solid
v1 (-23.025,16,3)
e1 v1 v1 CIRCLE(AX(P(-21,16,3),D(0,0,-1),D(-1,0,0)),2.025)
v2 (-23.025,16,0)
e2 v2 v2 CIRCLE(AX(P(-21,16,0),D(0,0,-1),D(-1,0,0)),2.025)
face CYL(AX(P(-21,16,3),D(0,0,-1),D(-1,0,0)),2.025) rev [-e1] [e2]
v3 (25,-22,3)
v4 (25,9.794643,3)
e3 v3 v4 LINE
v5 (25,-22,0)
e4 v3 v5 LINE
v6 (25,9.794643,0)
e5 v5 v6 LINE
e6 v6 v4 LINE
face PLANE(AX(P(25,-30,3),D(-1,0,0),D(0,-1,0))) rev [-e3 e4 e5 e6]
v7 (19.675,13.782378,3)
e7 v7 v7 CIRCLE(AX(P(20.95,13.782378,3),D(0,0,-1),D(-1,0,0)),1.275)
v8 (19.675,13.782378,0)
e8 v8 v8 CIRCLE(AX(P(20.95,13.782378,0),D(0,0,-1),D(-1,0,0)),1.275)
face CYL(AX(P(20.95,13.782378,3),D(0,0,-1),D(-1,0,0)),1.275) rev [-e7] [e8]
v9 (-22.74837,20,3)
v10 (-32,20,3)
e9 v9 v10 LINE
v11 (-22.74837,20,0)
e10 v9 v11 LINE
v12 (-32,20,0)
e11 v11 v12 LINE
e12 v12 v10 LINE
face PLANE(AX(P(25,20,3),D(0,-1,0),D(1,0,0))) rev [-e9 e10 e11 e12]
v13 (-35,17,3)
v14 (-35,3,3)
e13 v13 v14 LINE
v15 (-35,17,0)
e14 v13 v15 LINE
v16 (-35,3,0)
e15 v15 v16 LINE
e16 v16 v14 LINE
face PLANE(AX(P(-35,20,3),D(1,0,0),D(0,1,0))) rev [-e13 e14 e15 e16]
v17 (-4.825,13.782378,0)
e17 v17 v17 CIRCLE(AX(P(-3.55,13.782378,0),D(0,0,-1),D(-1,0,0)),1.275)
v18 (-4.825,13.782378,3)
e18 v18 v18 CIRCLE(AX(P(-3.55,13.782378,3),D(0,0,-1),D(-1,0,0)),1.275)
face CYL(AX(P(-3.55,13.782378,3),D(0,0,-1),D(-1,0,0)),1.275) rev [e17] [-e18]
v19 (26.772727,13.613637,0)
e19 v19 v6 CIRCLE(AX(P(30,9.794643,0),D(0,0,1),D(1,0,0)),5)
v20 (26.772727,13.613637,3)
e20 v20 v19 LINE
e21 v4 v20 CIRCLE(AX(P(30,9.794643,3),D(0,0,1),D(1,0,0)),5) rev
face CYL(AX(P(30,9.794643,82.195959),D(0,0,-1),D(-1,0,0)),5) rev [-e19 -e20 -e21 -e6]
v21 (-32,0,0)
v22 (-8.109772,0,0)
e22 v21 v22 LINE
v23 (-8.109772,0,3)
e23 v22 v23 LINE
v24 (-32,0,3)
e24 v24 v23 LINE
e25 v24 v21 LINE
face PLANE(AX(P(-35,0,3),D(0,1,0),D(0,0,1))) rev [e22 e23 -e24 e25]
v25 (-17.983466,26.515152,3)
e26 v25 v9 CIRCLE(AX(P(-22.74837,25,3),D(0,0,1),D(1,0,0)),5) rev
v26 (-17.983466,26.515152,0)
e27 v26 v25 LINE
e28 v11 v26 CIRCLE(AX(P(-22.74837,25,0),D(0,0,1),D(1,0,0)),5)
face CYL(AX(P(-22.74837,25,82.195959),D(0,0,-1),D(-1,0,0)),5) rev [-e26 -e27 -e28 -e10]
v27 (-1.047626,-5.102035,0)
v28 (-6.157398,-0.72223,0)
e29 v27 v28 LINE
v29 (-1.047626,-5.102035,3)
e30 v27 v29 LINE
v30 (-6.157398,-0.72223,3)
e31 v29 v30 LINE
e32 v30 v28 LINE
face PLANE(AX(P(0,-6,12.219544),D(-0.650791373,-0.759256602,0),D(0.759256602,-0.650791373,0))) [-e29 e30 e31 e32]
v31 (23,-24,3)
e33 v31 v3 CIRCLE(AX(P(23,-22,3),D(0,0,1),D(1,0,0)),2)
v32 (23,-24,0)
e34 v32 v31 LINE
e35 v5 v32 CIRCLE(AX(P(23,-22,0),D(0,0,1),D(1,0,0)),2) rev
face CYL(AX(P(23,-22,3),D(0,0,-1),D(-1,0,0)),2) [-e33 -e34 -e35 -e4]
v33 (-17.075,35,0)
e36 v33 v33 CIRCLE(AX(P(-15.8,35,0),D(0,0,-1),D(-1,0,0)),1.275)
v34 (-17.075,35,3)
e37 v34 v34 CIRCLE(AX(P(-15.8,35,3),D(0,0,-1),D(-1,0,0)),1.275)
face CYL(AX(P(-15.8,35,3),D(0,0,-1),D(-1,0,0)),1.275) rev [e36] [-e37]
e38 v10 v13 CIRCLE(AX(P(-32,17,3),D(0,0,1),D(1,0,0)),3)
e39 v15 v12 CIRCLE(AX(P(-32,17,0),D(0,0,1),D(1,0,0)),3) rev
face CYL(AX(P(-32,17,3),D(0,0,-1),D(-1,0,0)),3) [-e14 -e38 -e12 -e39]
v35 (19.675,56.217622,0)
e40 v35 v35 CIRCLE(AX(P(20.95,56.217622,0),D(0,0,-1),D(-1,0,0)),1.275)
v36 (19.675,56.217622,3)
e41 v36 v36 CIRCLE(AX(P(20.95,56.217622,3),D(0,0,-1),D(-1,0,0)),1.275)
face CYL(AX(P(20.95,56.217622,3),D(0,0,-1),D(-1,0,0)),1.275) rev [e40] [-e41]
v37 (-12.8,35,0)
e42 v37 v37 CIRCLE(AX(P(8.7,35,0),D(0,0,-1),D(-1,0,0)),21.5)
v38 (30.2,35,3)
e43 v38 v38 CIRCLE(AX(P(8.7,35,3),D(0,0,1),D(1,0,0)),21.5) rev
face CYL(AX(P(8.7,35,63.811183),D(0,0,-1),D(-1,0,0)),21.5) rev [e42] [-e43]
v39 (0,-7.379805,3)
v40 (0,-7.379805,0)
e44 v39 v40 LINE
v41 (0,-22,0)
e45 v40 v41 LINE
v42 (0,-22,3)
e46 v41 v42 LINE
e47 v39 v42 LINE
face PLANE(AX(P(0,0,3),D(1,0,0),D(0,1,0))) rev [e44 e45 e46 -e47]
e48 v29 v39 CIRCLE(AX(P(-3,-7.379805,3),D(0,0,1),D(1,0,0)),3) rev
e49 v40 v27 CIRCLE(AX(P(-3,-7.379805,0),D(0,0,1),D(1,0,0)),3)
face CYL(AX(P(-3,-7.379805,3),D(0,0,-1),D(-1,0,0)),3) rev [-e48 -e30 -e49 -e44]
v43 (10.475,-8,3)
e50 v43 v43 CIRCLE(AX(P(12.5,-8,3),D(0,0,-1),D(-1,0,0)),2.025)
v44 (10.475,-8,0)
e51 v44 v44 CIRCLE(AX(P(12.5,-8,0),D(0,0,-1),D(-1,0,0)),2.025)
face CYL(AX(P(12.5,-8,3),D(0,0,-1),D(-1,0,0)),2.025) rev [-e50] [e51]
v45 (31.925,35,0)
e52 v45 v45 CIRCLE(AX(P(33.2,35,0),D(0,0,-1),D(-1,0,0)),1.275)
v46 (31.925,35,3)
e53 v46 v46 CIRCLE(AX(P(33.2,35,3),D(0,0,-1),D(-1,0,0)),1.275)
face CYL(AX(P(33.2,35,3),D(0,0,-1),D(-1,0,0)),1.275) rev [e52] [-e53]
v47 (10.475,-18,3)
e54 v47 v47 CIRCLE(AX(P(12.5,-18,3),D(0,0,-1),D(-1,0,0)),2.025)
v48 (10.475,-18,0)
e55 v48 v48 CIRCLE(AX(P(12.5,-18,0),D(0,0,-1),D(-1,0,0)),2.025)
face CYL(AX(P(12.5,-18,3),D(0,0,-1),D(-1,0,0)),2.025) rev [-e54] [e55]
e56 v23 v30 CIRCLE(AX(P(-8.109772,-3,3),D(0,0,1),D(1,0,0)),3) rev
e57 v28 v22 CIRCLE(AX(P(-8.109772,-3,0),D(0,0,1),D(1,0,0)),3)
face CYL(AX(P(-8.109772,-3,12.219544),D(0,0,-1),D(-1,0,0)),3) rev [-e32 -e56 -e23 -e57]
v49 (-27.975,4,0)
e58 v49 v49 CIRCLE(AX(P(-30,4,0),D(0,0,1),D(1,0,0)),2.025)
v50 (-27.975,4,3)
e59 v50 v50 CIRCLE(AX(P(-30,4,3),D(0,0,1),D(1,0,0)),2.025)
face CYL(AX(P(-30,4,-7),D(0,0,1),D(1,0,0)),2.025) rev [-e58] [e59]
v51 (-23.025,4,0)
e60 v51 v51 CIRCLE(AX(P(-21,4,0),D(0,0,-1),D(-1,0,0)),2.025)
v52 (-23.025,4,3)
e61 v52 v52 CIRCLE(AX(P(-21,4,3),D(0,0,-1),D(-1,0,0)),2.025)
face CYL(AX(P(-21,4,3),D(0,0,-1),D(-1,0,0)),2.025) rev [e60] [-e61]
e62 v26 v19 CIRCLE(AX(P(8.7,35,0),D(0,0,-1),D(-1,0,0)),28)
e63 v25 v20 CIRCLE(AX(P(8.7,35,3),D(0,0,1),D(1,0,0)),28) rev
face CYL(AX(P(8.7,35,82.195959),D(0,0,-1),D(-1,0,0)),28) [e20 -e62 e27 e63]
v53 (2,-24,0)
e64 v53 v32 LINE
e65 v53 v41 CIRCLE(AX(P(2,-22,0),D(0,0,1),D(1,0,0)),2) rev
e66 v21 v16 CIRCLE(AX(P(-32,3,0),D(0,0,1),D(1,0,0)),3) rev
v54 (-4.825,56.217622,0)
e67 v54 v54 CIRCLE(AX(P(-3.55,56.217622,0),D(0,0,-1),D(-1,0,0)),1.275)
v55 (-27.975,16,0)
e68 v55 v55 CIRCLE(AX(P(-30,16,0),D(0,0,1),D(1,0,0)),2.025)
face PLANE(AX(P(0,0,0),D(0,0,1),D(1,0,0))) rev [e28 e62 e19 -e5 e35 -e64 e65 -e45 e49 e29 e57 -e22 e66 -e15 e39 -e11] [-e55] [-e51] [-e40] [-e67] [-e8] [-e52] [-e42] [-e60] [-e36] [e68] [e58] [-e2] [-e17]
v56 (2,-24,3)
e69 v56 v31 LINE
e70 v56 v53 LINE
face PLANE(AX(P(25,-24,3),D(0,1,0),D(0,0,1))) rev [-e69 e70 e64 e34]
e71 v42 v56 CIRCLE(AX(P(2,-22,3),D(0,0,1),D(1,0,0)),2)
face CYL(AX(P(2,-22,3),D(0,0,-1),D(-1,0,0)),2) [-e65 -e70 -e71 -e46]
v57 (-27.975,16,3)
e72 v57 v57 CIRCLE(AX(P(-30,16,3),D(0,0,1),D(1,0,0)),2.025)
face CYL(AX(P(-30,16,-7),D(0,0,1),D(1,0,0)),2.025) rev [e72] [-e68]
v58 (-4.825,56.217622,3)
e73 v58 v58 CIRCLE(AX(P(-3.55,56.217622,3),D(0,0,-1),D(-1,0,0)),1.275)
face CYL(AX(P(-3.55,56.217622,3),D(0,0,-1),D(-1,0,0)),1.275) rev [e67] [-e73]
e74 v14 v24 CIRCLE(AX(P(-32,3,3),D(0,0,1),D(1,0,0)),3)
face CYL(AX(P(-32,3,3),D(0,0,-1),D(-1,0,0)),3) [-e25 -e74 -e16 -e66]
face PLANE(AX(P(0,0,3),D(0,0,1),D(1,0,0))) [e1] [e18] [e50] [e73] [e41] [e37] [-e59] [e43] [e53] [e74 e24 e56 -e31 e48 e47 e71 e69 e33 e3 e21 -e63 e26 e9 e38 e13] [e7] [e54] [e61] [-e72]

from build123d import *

# Parameters (mm, degrees)
EXTRUDE_1_DEPTH          = 3
SKETCH_2_R               = 28
EXTRUDE_2_DEPTH          = 3
SKETCH_3_R               = 21.5
CUT_EXTRUDE_1_DEPTH      = 3
FILLET_2_R               = 5
SKETCH_4_R               = 1.275
CUT_EXTRUDE_2_DEPTH      = 4
SKETCH_5_R               = 2.025
CUT_EXTRUDE_3_DEPTH      = 4
SKETCH_6_W               = 25
SKETCH_6_H               = 6
CUT_EXTRUDE_4_DEPTH      = 4
FILLET_3_R               = 2
SKETCH_8_R               = 2.025
CUT_EXTRUDE_5_DEPTH      = 10
SKETCH_9_R               = 2.025
CUT_EXTRUDE_6_DEPTH      = 1
CUT_EXTRUDE_6_DEPTH_BACK = 4
EXTRUDE_3_DEPTH          = 3
FILLET_4_R               = 3


with BuildPart() as part:
    # 草图1 → 凸台-拉伸1 (new body)
    with BuildSketch(Plane.XY):
        Polygon((-35, 0), (0, 0), (0, -30), (25, -30), (25, 20), (-35, 20), align=None)
    extrude(amount=EXTRUDE_1_DEPTH)

    # 草图2 → 凸台-拉伸2 (add)
    with BuildSketch(Plane(origin=(0, 0, 0), x_dir=(-1, 0, 0), z_dir=(0, 0, -1))):
        with Locations((-8.7, 35)):
            Circle(SKETCH_2_R)
    extrude(amount=-EXTRUDE_2_DEPTH)

    # 草图3 → 切除-拉伸1 (cut)
    with BuildSketch(Plane(origin=(0, 0, 0), x_dir=(-1, 0, 0), z_dir=(0, 0, -1))):
        with Locations((-8.7, 35)):
            Circle(SKETCH_3_R)
    extrude(amount=-CUT_EXTRUDE_1_DEPTH, mode=Mode.SUBTRACT)

    # 圆角2
    fillet_2_edges = [part.edges().sort_by_distance(p)[0] for p in [
        (25, 12.233577356, 1.5),
        (-14.943180835, 20, 1.5),
    ]]
    fillet(fillet_2_edges, radius=FILLET_2_R)

    # 草图4 → 切除-拉伸2 (cut, through all)
    with BuildSketch(Plane(origin=(0, 0, 0), x_dir=(-1, 0, 0), z_dir=(0, 0, -1))):
        with Locations((-33.2, 35)):
            Circle(SKETCH_4_R)
        with Locations((-20.95, 56.217622393)):
            Circle(SKETCH_4_R)
        with Locations((3.55, 56.217622393)):
            Circle(SKETCH_4_R)
        with Locations((15.8, 35)):
            Circle(SKETCH_4_R)
        with Locations((3.55, 13.782377607)):
            Circle(SKETCH_4_R)
        with Locations((-20.95, 13.782377607)):
            Circle(SKETCH_4_R)
    extrude(amount=-CUT_EXTRUDE_2_DEPTH, mode=Mode.SUBTRACT)

    # 草图5 → 切除-拉伸3 (cut, through all)
    with BuildSketch(Plane(origin=(0, 0, 0), x_dir=(-1, 0, 0), z_dir=(0, 0, -1))):
        with Locations((-12.5, -8)):
            Circle(SKETCH_5_R)
        with Locations((-12.5, -18)):
            Circle(SKETCH_5_R)
    extrude(amount=-CUT_EXTRUDE_3_DEPTH, mode=Mode.SUBTRACT)

    # 草图6 → 切除-拉伸4 (cut, through all)
    with BuildSketch(Plane(origin=(0, 0, 0), x_dir=(-1, 0, 0), z_dir=(0, 0, -1))):
        with Locations((-12.5, -27)):
            Rectangle(SKETCH_6_W, SKETCH_6_H)
    extrude(amount=-CUT_EXTRUDE_4_DEPTH, mode=Mode.SUBTRACT)

    # 圆角3
    fillet_3_edges = [part.edges().sort_by_distance(p)[0] for p in [
        (25, -24, 1.5),
        (0, -24, 1.5),
    ]]
    fillet(fillet_3_edges, radius=FILLET_3_R)

    # 草图8 → 切除-拉伸5 (cut)
    with BuildSketch(Plane.XY.offset(3)):
        with Locations((-30, 16)):
            Circle(SKETCH_8_R)
        with Locations((-30, 4)):
            Circle(SKETCH_8_R)
    extrude(amount=-CUT_EXTRUDE_5_DEPTH, mode=Mode.SUBTRACT)

    # 草图9 → 切除-拉伸6 (cut, two sides)
    with BuildSketch(Plane(origin=(0, 0, 0), x_dir=(-1, 0, 0), z_dir=(0, 0, -1))) as cut_extrude_6_sk:
        with Locations((21, 4)):
            Circle(SKETCH_9_R)
        with Locations((21, 16)):
            Circle(SKETCH_9_R)
    extrude(amount=CUT_EXTRUDE_6_DEPTH, mode=Mode.SUBTRACT)
    extrude(cut_extrude_6_sk.sketch, amount=-CUT_EXTRUDE_6_DEPTH_BACK, mode=Mode.SUBTRACT)

    # 草图10 → 凸台-拉伸3 (add)
    with BuildSketch(Plane(origin=(0, 0, 0), x_dir=(-1, 0, 0), z_dir=(0, 0, -1))):
        Polygon((0, -6), (7, 0), (0, 0), align=None)
    extrude(amount=-EXTRUDE_3_DEPTH)

    # 圆角4
    fillet_4_edges = [part.edges().sort_by_distance(p)[0] for p in [
        (-35, 20, 1.5),
        (-35, 0, 1.5),
        (-7, 0, 1.5),
        (0, -6, 1.5),
    ]]
    fillet(fillet_4_edges, radius=FILLET_4_R)


solid = part.part
